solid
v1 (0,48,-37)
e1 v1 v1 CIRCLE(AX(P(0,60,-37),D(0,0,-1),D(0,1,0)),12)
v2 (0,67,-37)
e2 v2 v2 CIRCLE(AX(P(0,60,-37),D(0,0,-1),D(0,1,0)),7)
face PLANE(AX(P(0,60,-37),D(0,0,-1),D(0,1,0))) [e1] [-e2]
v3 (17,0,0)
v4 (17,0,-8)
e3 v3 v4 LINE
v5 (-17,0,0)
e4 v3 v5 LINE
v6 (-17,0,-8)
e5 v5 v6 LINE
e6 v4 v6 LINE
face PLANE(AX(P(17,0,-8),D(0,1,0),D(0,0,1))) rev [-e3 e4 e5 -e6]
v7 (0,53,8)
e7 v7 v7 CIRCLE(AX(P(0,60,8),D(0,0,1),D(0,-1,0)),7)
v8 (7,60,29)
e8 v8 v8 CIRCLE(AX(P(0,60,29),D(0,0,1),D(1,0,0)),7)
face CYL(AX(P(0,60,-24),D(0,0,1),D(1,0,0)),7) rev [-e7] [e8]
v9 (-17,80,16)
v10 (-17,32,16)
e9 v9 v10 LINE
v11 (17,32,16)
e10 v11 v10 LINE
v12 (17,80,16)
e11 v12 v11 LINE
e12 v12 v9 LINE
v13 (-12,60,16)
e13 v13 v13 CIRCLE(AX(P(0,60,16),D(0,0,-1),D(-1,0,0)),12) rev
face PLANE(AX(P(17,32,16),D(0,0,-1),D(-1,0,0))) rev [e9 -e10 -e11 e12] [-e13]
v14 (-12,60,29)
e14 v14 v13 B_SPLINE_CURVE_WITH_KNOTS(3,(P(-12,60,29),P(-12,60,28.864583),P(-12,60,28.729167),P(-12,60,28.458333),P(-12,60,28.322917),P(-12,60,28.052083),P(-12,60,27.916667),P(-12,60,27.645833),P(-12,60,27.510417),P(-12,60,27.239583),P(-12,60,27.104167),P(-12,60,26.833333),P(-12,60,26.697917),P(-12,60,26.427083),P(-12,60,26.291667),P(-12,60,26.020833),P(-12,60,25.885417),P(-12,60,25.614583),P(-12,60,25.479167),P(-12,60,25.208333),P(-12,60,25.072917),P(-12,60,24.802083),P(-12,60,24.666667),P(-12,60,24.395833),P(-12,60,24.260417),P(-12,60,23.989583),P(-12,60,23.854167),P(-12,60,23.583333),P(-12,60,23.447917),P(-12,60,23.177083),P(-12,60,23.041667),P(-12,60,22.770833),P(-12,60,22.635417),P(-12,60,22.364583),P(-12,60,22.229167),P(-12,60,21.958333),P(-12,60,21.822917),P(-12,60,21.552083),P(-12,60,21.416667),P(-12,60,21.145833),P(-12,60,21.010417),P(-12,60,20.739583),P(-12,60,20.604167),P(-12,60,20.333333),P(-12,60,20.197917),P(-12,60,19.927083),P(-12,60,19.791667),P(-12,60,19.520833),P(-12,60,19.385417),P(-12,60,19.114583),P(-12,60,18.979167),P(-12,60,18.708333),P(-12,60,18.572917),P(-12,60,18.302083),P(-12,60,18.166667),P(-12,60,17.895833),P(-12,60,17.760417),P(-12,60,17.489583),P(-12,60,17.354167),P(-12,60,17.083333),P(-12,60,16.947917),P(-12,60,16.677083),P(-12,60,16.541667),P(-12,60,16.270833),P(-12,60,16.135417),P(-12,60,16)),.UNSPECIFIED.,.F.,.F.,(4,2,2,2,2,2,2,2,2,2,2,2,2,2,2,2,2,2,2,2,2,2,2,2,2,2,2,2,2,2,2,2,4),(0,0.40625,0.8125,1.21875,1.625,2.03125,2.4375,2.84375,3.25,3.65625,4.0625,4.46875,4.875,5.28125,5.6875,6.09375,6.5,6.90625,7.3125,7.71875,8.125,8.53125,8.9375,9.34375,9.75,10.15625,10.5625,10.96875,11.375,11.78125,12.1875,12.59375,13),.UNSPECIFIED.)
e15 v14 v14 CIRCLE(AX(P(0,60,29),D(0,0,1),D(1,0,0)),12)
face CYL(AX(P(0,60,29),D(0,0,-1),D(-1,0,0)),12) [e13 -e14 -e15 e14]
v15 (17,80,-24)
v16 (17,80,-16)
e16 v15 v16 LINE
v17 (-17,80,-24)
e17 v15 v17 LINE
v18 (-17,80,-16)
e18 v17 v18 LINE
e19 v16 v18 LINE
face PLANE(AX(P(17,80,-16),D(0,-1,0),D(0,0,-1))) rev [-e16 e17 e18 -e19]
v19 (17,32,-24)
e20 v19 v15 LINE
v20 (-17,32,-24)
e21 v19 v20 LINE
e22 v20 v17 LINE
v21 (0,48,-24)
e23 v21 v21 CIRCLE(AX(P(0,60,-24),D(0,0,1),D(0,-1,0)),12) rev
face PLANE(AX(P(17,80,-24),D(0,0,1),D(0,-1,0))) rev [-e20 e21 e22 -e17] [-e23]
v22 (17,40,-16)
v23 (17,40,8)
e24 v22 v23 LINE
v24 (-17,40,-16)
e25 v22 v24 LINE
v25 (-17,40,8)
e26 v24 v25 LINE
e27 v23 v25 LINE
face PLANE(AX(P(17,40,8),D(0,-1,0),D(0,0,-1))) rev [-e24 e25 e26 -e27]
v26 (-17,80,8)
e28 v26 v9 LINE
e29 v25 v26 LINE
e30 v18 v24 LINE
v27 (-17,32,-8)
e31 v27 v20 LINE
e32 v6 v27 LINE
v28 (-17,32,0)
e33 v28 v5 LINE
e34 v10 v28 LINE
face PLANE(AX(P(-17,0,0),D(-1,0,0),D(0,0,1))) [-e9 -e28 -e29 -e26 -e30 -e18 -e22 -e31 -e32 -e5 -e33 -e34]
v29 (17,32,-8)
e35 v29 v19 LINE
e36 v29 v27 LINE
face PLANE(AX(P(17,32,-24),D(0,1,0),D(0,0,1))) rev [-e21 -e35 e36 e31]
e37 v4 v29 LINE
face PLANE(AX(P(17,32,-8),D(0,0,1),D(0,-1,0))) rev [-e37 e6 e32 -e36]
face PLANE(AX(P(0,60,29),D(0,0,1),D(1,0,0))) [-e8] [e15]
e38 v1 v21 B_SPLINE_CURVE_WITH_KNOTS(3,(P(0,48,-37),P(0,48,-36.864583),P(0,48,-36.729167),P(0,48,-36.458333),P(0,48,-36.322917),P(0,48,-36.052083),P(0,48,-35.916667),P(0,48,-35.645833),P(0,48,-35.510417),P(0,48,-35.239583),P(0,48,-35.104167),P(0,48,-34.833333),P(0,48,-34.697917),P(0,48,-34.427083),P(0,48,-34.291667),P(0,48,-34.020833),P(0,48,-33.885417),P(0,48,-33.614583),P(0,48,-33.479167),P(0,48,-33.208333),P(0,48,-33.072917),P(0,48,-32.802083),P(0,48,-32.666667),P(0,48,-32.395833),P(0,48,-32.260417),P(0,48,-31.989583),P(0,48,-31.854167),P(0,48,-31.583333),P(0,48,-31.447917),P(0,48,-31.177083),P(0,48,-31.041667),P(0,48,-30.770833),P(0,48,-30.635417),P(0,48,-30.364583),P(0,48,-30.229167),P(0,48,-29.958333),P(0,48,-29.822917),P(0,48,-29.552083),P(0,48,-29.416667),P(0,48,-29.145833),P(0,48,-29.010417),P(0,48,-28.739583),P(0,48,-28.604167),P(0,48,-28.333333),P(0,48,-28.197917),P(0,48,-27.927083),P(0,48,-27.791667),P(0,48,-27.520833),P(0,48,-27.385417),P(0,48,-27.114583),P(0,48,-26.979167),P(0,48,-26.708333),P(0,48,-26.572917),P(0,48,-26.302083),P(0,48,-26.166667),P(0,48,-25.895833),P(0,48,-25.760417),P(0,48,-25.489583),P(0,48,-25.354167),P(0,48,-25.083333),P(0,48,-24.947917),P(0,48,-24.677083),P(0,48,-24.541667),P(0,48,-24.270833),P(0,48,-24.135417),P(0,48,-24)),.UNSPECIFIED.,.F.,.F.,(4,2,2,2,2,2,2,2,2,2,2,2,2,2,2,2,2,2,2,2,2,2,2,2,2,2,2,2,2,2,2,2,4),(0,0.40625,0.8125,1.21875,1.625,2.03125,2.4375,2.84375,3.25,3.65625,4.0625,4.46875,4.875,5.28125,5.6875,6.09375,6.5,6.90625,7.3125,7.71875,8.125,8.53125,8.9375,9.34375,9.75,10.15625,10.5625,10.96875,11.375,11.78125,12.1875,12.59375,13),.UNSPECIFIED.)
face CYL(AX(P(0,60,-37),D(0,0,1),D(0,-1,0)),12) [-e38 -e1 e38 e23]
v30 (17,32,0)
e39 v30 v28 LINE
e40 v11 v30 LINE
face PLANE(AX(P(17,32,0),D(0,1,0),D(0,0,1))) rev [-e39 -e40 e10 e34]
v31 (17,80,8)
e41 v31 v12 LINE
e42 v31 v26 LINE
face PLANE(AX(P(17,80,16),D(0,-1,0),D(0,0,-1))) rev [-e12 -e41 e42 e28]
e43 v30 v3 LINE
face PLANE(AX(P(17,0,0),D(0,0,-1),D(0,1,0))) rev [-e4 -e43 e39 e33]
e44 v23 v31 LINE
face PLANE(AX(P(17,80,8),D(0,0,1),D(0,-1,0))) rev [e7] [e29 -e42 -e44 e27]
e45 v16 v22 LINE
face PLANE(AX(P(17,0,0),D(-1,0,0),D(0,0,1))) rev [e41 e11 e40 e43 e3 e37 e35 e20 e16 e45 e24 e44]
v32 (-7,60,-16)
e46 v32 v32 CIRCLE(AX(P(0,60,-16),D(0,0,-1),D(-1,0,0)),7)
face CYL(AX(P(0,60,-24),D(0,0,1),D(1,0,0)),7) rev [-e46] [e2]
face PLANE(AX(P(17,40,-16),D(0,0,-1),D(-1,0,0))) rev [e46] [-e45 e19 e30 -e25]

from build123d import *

# Parameters (mm, degrees)
SALIENTE_EXTRUIR1_DEPTH = 17
CROQUIS10_R             = 7
CORTAR_EXTRUIR2_DEPTH   = 92.043945433
SALIENTE_EXTRUIR5_START = 13
CROQUIS11_R             = 12
CROQUIS11_R_2           = 7
SALIENTE_EXTRUIR5_DEPTH = 13
CROQUIS12_R             = 12
CROQUIS12_R_2           = 7
SALIENTE_EXTRUIR6_DEPTH = 13


with BuildPart() as part:
    # Croquis1 → Saliente-Extruir1 (new, symmetric)
    with BuildSketch(Plane(origin=(0, 0, 0), x_dir=(0, 0, -1), z_dir=(1, 0, 0))):
        Polygon((0, 0), (0, 32), (-16, 32), (-16, 80), (-8, 80), (-8, 40), (16, 40), (16, 80), (24, 80), (24, 32), (8, 32), (8, 0), align=None)
    extrude(amount=SALIENTE_EXTRUIR1_DEPTH, both=True)

    # Croquis10 → Cortar-Extruir2 (cut, through all)
    with BuildSketch(Plane.XY.offset(16)):
        with Locations((0, 60)):
            Circle(CROQUIS10_R)
    extrude(amount=-CORTAR_EXTRUIR2_DEPTH, mode=Mode.SUBTRACT)

    # Croquis11 → Saliente-Extruir5 (add)
    with BuildSketch(Plane.XY.offset(16).offset(SALIENTE_EXTRUIR5_START)):
        with Locations(Location((0, 60, 0), (0, 0, 180))):
            Circle(CROQUIS11_R)
        with Locations((0, 60)):
            Circle(CROQUIS11_R_2, mode=Mode.SUBTRACT)
    extrude(amount=-SALIENTE_EXTRUIR5_DEPTH)

    # Croquis12 → Saliente-Extruir6 (add)
    with BuildSketch(Plane(origin=(0, 0, -24), x_dir=(-1, 0, 0), z_dir=(0, 0, -1))):
        with Locations((0, 60)):
            Circle(CROQUIS12_R)
        with Locations(Location((0, 60, 0), (0, 0, 180))):
            Circle(CROQUIS12_R_2, mode=Mode.SUBTRACT)
    extrude(amount=SALIENTE_EXTRUIR6_DEPTH)


solid = part.part
